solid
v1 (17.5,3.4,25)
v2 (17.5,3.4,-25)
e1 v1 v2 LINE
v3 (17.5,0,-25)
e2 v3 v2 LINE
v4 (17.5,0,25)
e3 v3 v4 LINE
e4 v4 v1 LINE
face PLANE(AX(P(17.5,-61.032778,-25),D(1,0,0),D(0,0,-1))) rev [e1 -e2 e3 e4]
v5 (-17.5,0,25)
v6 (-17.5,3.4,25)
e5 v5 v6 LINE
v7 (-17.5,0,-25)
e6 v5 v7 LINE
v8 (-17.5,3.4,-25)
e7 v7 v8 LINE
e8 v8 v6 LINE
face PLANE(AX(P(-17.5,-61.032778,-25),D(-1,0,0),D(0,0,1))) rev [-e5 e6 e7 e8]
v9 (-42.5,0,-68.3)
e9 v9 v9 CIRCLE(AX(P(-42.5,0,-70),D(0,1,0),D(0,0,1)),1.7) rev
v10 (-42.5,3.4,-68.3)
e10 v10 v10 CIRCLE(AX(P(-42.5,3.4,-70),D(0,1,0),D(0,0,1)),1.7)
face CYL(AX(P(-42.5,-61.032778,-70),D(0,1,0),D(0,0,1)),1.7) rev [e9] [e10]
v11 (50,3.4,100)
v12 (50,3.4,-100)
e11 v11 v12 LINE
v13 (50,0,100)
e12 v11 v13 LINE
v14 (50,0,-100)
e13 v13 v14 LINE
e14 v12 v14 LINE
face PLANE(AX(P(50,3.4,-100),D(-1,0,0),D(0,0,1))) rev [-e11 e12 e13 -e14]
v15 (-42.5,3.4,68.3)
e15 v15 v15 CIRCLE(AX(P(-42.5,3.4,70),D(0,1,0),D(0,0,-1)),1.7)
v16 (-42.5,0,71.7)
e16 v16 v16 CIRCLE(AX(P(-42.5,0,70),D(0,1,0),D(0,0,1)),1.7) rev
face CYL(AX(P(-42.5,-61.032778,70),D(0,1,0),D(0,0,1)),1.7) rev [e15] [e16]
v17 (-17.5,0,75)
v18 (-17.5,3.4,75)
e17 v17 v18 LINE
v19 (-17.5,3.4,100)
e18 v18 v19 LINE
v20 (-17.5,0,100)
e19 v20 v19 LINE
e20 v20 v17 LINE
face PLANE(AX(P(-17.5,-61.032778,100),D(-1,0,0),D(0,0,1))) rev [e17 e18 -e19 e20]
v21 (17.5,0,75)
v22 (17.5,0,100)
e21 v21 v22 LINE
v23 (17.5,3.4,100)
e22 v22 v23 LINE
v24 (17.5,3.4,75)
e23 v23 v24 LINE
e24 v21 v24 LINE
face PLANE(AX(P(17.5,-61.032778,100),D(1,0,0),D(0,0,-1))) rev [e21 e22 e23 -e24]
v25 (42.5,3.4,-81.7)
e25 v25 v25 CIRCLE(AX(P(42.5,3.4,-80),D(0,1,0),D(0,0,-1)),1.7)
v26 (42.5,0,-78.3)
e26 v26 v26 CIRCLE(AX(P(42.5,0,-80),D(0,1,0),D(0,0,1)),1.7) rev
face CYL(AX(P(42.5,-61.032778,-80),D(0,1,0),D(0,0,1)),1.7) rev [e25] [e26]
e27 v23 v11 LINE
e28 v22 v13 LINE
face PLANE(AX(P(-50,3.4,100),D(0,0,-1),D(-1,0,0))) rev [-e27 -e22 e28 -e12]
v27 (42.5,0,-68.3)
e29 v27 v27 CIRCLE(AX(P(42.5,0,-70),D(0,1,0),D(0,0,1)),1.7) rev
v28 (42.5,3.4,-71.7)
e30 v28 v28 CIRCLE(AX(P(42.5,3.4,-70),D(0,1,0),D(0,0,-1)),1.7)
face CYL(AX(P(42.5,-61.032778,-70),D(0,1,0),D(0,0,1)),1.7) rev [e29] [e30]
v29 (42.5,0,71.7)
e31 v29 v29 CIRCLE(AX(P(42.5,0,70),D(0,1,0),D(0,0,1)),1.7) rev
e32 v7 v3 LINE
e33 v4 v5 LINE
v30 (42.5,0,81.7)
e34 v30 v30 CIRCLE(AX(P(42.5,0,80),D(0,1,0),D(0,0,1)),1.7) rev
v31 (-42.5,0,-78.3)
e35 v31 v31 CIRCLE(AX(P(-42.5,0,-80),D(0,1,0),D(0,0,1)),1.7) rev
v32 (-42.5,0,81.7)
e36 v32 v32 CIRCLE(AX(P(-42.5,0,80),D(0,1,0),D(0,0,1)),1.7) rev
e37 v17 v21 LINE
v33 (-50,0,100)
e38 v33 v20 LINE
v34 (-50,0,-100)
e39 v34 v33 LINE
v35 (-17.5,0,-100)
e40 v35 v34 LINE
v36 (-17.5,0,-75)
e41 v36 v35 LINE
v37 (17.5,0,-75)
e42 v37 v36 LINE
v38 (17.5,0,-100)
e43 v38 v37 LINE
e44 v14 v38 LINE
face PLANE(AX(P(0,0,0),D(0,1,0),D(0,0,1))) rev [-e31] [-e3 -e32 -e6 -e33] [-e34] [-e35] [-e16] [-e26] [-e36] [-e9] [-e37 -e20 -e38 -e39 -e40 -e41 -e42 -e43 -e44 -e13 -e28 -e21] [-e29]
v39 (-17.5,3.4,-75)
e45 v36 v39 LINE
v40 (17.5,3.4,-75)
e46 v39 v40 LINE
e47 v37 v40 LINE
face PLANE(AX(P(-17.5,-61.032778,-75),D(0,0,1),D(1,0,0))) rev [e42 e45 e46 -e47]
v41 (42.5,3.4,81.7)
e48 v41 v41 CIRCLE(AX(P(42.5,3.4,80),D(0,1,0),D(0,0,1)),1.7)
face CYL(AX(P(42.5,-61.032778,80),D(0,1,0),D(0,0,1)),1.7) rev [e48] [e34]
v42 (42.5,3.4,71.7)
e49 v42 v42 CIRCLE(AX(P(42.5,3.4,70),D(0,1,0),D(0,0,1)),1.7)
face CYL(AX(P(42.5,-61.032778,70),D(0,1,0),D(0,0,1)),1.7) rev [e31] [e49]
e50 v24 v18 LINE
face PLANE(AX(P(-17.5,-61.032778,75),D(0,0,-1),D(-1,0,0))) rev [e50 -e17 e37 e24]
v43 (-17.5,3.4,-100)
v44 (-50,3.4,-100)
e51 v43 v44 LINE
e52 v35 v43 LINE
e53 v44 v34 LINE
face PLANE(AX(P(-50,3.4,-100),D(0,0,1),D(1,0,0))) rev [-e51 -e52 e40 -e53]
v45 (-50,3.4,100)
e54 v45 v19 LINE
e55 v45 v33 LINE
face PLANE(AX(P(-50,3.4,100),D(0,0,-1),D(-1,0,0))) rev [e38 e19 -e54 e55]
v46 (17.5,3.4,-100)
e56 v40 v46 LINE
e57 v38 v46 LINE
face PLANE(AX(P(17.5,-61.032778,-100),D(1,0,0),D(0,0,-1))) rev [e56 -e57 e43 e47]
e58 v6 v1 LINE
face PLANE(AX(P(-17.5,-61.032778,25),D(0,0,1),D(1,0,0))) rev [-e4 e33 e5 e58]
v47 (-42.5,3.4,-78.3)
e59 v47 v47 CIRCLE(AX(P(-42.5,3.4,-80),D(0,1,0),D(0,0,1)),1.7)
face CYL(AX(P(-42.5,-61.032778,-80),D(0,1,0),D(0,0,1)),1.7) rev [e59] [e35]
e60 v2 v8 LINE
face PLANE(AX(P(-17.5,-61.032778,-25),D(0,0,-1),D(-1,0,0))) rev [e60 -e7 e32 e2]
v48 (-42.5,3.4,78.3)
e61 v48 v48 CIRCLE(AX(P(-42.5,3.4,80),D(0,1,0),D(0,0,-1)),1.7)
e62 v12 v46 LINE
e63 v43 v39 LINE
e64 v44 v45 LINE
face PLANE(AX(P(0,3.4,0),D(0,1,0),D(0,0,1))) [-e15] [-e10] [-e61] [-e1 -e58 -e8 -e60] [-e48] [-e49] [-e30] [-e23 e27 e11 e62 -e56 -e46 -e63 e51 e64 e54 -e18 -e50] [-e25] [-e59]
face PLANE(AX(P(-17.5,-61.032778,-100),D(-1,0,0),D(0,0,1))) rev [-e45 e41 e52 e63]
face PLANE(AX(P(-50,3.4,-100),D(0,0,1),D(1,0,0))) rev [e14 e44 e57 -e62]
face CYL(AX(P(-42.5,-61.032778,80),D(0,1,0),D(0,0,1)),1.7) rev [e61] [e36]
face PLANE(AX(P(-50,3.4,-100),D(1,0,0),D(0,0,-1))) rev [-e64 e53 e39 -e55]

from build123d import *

# Parameters (mm, degrees)
CROQUIS1_W              = 100
CROQUIS1_H              = 200
SALIENTE_EXTRUIR1_DEPTH = 3.4
CROQUIS2_R              = 1.7
CROQUIS2_W              = 35
CROQUIS2_H              = 25
CROQUIS2_H_2            = 50
CORTAR_EXTRUIR1_DEPTH   = 3.4


with BuildPart() as part:
    # Croquis1 → Saliente-Extruir1 (new body)
    with BuildSketch(Plane(origin=(0, 0, 0), x_dir=(1, 0, 0), z_dir=(0, 1, 0))):
        Rectangle(CROQUIS1_W, CROQUIS1_H)
    extrude(amount=SALIENTE_EXTRUIR1_DEPTH)

    # Croquis2 → Cortar-Extruir1 (cut)
    with BuildSketch(Plane(origin=(0, 3.4, 0), x_dir=(1, 0, 0), z_dir=(0, 1, 0))):
        with Locations((42.5, -80)):
            Circle(CROQUIS2_R)
        with Locations((42.5, -70)):
            Circle(CROQUIS2_R)
        with Locations((-42.5, -80)):
            Circle(CROQUIS2_R)
        with Locations((-42.5, -70)):
            Circle(CROQUIS2_R)
        with Locations((42.5, 70)):
            Circle(CROQUIS2_R)
        with Locations((42.5, 80)):
            Circle(CROQUIS2_R)
        with Locations((-42.5, 70)):
            Circle(CROQUIS2_R)
        with Locations((-42.5, 80)):
            Circle(CROQUIS2_R)
        with Locations((0, 87.5)):
            Rectangle(CROQUIS2_W, CROQUIS2_H)
        Rectangle(CROQUIS2_W, CROQUIS2_H_2)
        with Locations((0, -87.5)):
            Rectangle(CROQUIS2_W, CROQUIS2_H)
    extrude(amount=-CORTAR_EXTRUIR1_DEPTH, mode=Mode.SUBTRACT)


solid = part.part
